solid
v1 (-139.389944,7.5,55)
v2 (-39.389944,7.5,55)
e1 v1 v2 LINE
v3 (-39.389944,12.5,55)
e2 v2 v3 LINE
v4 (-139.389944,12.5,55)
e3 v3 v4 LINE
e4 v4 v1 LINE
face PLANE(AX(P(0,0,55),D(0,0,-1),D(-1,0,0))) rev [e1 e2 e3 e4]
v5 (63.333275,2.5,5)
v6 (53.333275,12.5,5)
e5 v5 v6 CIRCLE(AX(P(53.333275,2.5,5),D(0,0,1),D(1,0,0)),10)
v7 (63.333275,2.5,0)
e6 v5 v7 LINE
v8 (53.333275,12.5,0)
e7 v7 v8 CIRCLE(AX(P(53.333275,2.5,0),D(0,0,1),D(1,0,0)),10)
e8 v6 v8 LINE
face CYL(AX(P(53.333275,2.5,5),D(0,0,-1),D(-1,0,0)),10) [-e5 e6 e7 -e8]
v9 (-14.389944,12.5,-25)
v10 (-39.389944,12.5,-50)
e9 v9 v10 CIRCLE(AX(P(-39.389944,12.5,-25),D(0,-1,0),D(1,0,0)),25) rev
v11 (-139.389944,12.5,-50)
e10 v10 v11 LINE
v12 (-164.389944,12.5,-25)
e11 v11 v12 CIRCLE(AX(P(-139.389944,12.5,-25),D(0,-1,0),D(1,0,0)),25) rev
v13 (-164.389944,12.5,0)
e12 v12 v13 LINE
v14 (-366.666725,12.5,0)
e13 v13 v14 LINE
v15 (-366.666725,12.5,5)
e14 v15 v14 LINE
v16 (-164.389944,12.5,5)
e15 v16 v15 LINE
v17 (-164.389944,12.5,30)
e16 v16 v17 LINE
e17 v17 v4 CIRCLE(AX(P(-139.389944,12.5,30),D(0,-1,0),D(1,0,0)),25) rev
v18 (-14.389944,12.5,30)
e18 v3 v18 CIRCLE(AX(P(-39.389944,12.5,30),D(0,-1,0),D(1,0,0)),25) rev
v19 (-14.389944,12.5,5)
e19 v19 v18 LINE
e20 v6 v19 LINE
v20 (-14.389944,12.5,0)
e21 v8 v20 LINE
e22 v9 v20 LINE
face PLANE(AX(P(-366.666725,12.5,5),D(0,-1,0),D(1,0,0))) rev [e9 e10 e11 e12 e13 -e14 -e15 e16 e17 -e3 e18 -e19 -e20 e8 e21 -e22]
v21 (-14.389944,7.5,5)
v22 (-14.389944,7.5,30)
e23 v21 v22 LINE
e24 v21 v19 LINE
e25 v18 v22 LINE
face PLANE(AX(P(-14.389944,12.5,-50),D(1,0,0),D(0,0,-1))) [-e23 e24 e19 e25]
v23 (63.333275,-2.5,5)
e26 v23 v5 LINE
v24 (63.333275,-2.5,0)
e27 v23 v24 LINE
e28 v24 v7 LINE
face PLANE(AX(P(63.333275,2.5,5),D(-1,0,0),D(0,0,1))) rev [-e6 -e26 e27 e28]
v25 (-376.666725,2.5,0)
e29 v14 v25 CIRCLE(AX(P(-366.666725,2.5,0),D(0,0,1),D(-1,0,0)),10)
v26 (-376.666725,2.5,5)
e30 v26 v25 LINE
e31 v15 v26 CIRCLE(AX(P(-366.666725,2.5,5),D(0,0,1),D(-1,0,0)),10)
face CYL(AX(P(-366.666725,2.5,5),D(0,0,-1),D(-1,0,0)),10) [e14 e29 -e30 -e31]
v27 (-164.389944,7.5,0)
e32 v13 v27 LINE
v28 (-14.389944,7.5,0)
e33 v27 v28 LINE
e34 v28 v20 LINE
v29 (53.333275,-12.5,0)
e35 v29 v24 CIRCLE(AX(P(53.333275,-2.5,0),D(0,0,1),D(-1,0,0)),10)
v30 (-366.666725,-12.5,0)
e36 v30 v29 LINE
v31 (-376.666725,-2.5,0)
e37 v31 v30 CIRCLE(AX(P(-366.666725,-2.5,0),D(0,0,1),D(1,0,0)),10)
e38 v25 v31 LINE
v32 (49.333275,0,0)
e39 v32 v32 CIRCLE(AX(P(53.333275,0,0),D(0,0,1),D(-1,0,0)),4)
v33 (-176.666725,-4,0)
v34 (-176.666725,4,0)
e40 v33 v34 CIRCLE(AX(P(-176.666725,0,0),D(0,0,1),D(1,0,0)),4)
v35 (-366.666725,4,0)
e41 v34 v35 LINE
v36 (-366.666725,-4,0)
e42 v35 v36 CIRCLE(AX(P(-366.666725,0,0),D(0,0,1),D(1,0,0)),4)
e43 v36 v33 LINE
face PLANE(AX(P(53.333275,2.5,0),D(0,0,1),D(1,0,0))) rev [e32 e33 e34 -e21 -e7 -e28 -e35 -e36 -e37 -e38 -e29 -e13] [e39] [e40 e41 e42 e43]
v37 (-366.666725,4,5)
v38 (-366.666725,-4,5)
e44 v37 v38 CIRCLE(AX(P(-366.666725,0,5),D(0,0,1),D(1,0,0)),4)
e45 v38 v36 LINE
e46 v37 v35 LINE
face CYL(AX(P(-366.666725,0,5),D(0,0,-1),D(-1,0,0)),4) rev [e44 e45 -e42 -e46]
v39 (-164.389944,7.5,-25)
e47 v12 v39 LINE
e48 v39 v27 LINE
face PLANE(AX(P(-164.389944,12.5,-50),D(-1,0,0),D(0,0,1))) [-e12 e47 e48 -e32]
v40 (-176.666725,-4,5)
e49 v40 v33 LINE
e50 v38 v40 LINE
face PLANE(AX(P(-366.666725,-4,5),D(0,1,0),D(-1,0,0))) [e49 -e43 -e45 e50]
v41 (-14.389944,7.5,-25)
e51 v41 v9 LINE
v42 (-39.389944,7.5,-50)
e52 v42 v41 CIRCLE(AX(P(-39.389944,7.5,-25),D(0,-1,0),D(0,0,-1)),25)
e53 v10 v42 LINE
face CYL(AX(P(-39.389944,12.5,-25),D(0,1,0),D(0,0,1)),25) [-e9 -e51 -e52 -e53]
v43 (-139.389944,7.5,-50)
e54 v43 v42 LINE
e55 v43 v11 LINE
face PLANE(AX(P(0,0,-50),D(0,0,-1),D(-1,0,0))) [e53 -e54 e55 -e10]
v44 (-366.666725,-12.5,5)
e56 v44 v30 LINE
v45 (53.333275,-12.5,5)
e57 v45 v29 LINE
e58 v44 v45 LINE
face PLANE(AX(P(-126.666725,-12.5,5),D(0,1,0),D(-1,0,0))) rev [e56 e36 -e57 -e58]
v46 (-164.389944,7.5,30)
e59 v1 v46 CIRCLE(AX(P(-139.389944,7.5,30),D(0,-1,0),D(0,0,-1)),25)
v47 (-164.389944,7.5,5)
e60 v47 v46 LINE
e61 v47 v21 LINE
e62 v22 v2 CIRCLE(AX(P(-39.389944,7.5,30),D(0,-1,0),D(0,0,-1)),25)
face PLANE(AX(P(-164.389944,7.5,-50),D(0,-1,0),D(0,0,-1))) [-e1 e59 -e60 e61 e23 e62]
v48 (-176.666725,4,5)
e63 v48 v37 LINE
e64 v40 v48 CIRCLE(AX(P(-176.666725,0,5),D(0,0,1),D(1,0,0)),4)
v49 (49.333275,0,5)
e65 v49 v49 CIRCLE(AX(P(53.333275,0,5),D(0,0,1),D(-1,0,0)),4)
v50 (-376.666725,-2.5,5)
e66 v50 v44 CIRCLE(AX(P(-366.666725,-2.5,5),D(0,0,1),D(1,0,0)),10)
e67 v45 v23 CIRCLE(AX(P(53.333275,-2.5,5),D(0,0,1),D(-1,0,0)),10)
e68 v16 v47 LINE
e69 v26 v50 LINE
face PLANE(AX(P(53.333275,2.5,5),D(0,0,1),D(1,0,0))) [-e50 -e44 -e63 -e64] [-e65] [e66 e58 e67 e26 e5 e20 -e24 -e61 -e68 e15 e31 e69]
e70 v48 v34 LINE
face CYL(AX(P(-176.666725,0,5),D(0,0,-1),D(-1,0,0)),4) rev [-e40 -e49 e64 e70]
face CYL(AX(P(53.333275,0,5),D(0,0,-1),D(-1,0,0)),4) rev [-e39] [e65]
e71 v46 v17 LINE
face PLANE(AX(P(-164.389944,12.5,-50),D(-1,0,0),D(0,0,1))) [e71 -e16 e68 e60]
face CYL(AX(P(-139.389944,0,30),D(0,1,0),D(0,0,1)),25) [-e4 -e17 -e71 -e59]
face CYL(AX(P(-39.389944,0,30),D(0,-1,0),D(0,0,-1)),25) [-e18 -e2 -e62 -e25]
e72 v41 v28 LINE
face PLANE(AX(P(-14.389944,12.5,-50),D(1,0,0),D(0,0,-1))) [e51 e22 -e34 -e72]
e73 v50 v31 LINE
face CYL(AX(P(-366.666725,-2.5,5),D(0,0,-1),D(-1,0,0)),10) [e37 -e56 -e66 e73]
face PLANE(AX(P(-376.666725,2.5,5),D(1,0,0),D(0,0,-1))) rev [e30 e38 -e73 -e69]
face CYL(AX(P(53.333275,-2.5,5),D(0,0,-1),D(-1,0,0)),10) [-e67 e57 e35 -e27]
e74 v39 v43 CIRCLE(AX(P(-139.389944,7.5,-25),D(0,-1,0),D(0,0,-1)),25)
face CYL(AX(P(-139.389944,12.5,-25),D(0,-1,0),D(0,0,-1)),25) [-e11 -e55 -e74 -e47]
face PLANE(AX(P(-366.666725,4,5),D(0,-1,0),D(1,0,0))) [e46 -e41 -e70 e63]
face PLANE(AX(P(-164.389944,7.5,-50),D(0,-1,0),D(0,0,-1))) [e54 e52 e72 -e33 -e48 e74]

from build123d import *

# Parameters (mm, degrees)
SKETCH1_R                = 4
BOSS_EXTRUDE1_DEPTH      = 5
BOSS_EXTRUDE2_DEPTH      = 50
BOSS_EXTRUDE2_DEPTH_BACK = 55
SKETCH2_W                = 150
SKETCH2_H                = 5
FILLET1_R                = 25


with BuildPart() as part:
    # Sketch1 → Boss-Extrude1 (new body)
    with BuildSketch(Plane.XY):
        with BuildLine():
            Line((-366.666725266, 12.5), (-126.666725266, 12.5))
            Line((-126.666725266, 12.5), (53.333274734, 12.5))
            ThreePointArc((53.333274734, 12.5), (60.404342545, 9.571067812), (63.333274734, 2.5))
            Line((63.333274734, 2.5), (63.333274734, -2.5))
            ThreePointArc((63.333274734, -2.5), (60.404342545, -9.571067812), (53.333274734, -12.5))
            Line((53.333274734, -12.5), (-126.666725266, -12.5))
            Line((-126.666725266, -12.5), (-366.666725266, -12.5))
            ThreePointArc((-366.666725266, -12.5), (-373.737793078, -9.571067812), (-376.666725266, -2.5))
            Line((-376.666725266, -2.5), (-376.666725266, 2.5))
            ThreePointArc((-376.666725266, 2.5), (-373.737793078, 9.571067812), (-366.666725266, 12.5))
        make_face()
        with Locations(Location((53.333274734, 0, 0), (0, 0, 180))):
            Circle(SKETCH1_R, mode=Mode.SUBTRACT)
        with BuildLine():
            Line((-366.666725266, 4), (-176.666725266, 4))
            ThreePointArc((-176.666725266, 4), (-172.666725266, 0), (-176.666725266, -4))
            Line((-176.666725266, -4), (-366.666725266, -4))
            ThreePointArc((-366.666725266, -4), (-370.666725266, 0), (-366.666725266, 4))
        make_face(mode=Mode.SUBTRACT)
    extrude(amount=BOSS_EXTRUDE1_DEPTH)

    # Sketch2 → Boss-Extrude2 (add, two sides: drawn at the far end of the back side and taken through both)
    with BuildSketch(Plane.XY.offset(5).offset(-BOSS_EXTRUDE2_DEPTH_BACK)):
        with Locations((-89.389943781, 10)):
            Rectangle(SKETCH2_W, SKETCH2_H)
    extrude(amount=BOSS_EXTRUDE2_DEPTH + BOSS_EXTRUDE2_DEPTH_BACK)

    # Fillet1
    fillet1_edges = [part.edges().sort_by_distance(p)[0] for p in [
        (-14.389943781, 10, -50),
        (-164.389943781, 10, -50),
        (-164.389943781, 10, 55),
        (-14.389943781, 10, 55),
    ]]
    fillet(fillet1_edges, radius=FILLET1_R)


solid = part.part
